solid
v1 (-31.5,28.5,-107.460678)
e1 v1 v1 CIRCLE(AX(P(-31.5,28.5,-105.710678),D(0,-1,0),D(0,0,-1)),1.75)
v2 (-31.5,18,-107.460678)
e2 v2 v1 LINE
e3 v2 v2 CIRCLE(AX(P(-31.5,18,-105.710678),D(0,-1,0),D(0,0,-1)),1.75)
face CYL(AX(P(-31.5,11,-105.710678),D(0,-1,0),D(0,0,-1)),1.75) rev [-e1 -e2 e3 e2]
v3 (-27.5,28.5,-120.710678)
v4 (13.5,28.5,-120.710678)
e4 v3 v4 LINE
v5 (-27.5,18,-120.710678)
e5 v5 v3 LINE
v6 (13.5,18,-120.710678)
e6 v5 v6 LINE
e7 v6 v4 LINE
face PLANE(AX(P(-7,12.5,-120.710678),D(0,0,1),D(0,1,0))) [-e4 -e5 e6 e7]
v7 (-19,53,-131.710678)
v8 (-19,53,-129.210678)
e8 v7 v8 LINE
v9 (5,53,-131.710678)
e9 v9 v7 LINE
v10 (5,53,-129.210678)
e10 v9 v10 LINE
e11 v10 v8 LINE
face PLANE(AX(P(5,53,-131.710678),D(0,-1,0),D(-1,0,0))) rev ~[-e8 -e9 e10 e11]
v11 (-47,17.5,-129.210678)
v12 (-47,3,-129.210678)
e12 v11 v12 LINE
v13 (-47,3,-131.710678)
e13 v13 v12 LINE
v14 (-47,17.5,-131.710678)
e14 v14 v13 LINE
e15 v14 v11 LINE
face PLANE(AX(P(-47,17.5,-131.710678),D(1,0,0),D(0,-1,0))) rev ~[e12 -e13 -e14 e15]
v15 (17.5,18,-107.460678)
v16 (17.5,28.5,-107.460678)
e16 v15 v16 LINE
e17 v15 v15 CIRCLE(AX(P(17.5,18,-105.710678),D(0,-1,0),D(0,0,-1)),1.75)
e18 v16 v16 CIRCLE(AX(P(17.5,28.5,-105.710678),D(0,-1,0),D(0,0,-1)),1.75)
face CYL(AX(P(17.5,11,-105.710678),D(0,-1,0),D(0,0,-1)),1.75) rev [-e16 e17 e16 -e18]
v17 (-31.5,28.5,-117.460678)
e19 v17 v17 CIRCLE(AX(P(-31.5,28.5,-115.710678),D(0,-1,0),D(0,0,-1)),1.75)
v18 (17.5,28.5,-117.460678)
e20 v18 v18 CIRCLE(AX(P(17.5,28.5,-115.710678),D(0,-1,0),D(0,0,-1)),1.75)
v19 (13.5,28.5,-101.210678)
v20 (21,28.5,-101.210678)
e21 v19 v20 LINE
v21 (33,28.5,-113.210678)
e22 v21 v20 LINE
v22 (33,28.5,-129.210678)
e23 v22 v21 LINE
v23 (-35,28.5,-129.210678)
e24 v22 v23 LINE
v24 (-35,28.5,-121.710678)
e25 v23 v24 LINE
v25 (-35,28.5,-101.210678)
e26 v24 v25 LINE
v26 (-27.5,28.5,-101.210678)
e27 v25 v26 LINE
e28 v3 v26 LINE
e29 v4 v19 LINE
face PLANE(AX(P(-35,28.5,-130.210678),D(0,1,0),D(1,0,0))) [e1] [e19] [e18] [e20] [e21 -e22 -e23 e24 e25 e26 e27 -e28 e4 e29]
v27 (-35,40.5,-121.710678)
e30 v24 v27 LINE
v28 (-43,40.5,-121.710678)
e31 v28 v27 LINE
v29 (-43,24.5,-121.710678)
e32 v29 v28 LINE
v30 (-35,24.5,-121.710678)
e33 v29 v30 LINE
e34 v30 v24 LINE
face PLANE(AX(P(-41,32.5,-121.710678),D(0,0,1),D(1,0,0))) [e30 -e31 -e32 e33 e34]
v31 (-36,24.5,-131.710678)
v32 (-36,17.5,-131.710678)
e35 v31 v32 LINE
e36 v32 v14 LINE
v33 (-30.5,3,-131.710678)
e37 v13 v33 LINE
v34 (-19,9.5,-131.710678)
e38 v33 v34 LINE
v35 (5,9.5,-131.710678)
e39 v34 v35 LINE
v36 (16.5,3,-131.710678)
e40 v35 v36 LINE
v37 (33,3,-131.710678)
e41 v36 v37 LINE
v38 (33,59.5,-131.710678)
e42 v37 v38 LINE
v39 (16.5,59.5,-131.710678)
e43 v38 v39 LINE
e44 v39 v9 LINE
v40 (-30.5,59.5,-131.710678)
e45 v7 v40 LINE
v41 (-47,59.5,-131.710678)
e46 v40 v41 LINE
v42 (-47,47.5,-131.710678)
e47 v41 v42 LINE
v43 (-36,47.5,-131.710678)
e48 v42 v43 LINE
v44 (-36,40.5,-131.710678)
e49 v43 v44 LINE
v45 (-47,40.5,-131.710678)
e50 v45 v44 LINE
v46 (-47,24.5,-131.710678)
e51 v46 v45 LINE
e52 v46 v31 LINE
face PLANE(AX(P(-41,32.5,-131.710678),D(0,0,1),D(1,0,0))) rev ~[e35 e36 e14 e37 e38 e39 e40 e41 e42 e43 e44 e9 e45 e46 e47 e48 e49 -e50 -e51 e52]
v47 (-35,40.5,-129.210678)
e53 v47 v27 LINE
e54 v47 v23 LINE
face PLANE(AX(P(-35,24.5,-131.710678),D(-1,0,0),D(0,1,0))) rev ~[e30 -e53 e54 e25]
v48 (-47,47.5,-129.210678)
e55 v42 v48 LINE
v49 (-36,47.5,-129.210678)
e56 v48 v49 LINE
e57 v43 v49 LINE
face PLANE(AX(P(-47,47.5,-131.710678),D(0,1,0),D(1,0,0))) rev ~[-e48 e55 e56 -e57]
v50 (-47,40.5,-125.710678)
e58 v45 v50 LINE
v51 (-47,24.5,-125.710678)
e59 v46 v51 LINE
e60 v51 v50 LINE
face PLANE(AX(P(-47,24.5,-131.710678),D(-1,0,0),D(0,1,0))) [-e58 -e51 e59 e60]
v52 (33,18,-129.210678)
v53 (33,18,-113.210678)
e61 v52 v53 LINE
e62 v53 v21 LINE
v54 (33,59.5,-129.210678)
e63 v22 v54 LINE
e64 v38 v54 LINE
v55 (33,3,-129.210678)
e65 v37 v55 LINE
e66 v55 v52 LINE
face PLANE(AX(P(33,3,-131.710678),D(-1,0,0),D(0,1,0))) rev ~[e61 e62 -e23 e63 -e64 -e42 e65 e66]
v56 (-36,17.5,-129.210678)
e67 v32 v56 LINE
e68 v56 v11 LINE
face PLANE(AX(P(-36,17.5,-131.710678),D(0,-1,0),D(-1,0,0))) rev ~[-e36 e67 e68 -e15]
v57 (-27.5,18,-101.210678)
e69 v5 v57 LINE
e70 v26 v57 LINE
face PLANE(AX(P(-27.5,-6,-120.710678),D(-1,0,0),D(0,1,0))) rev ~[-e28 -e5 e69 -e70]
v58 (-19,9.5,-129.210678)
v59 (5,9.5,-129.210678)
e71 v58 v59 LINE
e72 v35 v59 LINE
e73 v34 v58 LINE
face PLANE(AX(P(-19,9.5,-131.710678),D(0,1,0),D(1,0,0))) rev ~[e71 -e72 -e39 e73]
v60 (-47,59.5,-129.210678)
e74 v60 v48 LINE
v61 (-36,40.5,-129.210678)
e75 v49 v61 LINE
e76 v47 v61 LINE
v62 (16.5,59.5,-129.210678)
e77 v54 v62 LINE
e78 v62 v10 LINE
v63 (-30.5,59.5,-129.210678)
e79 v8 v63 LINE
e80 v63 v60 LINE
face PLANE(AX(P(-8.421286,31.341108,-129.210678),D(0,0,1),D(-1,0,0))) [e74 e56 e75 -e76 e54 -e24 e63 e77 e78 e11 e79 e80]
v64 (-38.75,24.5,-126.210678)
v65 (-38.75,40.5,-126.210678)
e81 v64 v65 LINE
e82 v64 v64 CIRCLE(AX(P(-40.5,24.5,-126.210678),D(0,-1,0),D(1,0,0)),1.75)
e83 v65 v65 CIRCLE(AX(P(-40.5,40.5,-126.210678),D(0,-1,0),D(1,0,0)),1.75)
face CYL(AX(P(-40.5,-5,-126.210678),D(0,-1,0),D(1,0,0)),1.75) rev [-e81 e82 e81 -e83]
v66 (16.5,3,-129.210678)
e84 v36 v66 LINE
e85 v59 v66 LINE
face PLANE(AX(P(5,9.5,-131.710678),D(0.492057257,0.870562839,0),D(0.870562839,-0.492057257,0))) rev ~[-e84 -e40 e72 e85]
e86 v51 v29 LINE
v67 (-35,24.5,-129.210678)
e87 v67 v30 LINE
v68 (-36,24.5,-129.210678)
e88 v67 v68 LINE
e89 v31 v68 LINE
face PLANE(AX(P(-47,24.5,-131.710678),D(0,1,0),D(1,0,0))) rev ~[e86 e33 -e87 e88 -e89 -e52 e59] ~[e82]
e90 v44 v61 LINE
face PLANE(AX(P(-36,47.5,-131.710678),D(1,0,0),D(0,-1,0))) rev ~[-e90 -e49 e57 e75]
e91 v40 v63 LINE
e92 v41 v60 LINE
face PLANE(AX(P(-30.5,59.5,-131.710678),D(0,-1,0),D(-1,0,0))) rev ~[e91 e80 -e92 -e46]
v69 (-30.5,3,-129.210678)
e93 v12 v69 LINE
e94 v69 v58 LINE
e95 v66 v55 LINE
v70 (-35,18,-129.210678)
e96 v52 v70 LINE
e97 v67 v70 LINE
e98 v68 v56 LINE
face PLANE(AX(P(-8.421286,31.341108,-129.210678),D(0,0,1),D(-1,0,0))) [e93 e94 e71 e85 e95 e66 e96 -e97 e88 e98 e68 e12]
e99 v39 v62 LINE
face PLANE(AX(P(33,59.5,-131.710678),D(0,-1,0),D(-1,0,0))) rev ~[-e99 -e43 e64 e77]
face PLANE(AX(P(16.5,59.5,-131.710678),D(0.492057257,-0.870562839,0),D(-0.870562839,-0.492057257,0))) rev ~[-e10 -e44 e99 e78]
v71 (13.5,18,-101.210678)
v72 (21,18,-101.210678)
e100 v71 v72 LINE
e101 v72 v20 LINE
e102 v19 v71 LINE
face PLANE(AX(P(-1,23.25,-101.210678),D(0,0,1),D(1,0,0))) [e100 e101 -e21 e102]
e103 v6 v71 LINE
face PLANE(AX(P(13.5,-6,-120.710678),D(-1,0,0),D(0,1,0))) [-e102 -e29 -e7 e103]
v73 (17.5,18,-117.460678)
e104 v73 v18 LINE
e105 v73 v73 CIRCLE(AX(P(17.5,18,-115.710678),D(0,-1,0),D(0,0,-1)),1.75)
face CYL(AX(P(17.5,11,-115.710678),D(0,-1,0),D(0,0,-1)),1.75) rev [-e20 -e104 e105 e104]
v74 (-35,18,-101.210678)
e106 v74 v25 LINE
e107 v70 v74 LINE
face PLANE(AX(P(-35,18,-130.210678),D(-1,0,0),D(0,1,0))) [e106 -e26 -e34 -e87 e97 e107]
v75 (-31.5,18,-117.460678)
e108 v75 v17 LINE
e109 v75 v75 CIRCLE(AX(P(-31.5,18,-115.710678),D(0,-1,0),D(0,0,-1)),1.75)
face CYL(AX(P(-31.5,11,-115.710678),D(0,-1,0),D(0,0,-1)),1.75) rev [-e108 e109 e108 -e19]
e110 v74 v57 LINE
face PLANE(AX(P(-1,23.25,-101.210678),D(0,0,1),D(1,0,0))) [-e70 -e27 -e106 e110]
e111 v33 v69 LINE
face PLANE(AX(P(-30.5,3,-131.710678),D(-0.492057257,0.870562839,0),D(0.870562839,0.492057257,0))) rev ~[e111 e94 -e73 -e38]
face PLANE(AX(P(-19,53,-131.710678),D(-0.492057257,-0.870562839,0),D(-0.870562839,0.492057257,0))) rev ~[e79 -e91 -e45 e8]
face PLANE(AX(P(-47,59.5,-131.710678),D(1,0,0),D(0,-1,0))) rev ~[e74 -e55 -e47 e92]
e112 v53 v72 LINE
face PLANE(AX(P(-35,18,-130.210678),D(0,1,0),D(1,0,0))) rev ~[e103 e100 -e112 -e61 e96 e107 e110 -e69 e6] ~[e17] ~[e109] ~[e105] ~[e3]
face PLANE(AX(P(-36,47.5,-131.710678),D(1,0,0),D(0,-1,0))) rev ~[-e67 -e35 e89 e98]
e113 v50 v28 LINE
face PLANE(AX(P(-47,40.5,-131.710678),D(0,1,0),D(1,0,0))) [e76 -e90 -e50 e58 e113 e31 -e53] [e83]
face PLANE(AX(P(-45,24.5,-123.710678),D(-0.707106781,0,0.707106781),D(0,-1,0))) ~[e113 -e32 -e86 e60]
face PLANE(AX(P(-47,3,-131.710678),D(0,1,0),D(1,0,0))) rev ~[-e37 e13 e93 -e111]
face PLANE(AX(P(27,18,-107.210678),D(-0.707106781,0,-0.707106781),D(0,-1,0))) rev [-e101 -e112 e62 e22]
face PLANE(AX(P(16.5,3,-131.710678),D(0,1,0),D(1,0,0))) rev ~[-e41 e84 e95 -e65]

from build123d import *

# Parameters (mm, degrees)
CYLINDER016_R             = 1.75
CYLINDER016_DEPTH         = 70
CYLINDER016_ROLL_ANGLE    = -90
CYLINDER026_R             = 1.75
CYLINDER026_DEPTH         = 24.5
CYLINDER026_PITCH_ANGLE   = 90
CYLINDER027_R             = 3
CYLINDER027_DEPTH         = 21.5
CYLINDER027_PITCH_ANGLE   = 90
FUSION007_PITCH_ANGLE     = -90
FUSION007_PLACEMENT_ANGLE = -180
FUSION008_PITCH_ANGLE     = -90
FUSION008_PLACEMENT_ANGLE = -180
FUSION005_PITCH_ANGLE     = -90
FUSION005_PLACEMENT_ANGLE = -180
FUSION006_PITCH_ANGLE     = -90
FUSION006_PLACEMENT_ANGLE = -180
BOX021_W                  = 37
BOX021_H                  = 41
BOX021_DEPTH              = 25
BOX021_PITCH_ANGLE        = -90
BOX021_PLACEMENT_ANGLE    = -180
FUSION012_PITCH_ANGLE     = -90
FUSION012_PLACEMENT_ANGLE = -90
BOX007_W                  = 68
BOX007_H                  = 10.5
BOX007_DEPTH              = 29
CHAMFER_SIZE              = 12
BOX057_W                  = 12
BOX057_H                  = 16
BOX057_DEPTH              = 10
PAD005_DEPTH              = 2.5
CHAMFER009_SIZE           = 4


with BuildPart() as cylinder016:
    # Cylinder016 → Cylinder016 (new body)
    with BuildSketch(Plane.XY):
        Circle(CYLINDER016_R)
    extrude(amount=CYLINDER016_DEPTH)


with BuildPart() as cylinder016_1:
    # Cylinder016 roll: moved
    add(cylinder016.part.rotate(Axis((0, 0, 0), (1, 0, 0)), CYLINDER016_ROLL_ANGLE))


with BuildPart() as cylinder016_2:
    # Cylinder016 placement: moved
    add(cylinder016_1.part.moved(Location((-40.5, -5, -149.5))))


with BuildPart() as joint_d010:
    # Cylinder026 → Cylinder026 (new body)
    with BuildSketch(Plane.XY):
        Circle(CYLINDER026_R)
    extrude(amount=CYLINDER026_DEPTH)


with BuildPart() as joint_d010_1:
    # Cylinder026 pitch: moved
    add(joint_d010.part.rotate(Axis((0, 0, 0), (0, 1, 0)), CYLINDER026_PITCH_ANGLE))


with BuildPart() as joint_d010_2:
    # Cylinder026 placement: moved
    add(joint_d010_1.part.moved(Location((16, -24.5, 7))))


with BuildPart() as joint_d011:
    # Cylinder027 → Cylinder027 (new body)
    with BuildSketch(Plane.XY):
        Circle(CYLINDER027_R)
    extrude(amount=CYLINDER027_DEPTH)


with BuildPart() as joint_d011_1:
    # Cylinder027 pitch: moved
    add(joint_d011.part.rotate(Axis((0, 0, 0), (0, 1, 0)), CYLINDER027_PITCH_ANGLE))


with BuildPart() as joint_d011_2:
    # Cylinder027 placement: moved
    add(joint_d011_1.part.moved(Location((37, -24.5, 7))))


with BuildPart() as fusion007:
    # Fusion007 base: copy of Joint-D011
    add(joint_d011_2.part)

    # Fusion007: union Joint-D010
    add(joint_d010_2.part)


with BuildPart() as fusion007_1:
    # Fusion007 pitch: moved
    add(fusion007.part.rotate(Axis((0, 0, 0), (0, 1, 0)), FUSION007_PITCH_ANGLE))


with BuildPart() as fusion007_2:
    # Fusion007 placement: moved
    add(fusion007_1.part.moved(Location((-12, -39.5, 0))).rotate(Axis((-12, -39.5, 0), (0, 0, 1)), FUSION007_PLACEMENT_ANGLE))


with BuildPart() as fusion008:
    # Fusion008 base: copy of Joint-D011
    add(joint_d011_2.part)

    # Fusion008: union Joint-D010
    add(joint_d010_2.part)


with BuildPart() as fusion008_1:
    # Fusion008 pitch: moved
    add(fusion008.part.rotate(Axis((0, 0, 0), (0, 1, 0)), FUSION008_PITCH_ANGLE))


with BuildPart() as fusion008_2:
    # Fusion008 placement: moved
    add(fusion008_1.part.moved(Location((-2, -39.5, 0))).rotate(Axis((-2, -39.5, 0), (0, 0, 1)), FUSION008_PLACEMENT_ANGLE))


with BuildPart() as fusion005:
    # Fusion005 base: copy of Joint-D011
    add(joint_d011_2.part)

    # Fusion005: union Joint-D010
    add(joint_d010_2.part)


with BuildPart() as fusion005_1:
    # Fusion005 pitch: moved
    add(fusion005.part.rotate(Axis((0, 0, 0), (0, 1, 0)), FUSION005_PITCH_ANGLE))


with BuildPart() as fusion005_2:
    # Fusion005 placement: moved
    add(fusion005_1.part.moved(Location((-12, 9.5, 0))).rotate(Axis((-12, 9.5, 0), (0, 0, 1)), FUSION005_PLACEMENT_ANGLE))


with BuildPart() as fusion006:
    # Fusion006 base: copy of Joint-D011
    add(joint_d011_2.part)

    # Fusion006: union Joint-D010
    add(joint_d010_2.part)


with BuildPart() as fusion006_1:
    # Fusion006 pitch: moved
    add(fusion006.part.rotate(Axis((0, 0, 0), (0, 1, 0)), FUSION006_PITCH_ANGLE))


with BuildPart() as fusion006_2:
    # Fusion006 placement: moved
    add(fusion006_1.part.moved(Location((-2, 9.5, 0))).rotate(Axis((-2, 9.5, 0), (0, 0, 1)), FUSION006_PLACEMENT_ANGLE))


with BuildPart() as fusion012:
    # Box021 → Box021 (new body)
    with BuildSketch(Plane.XY):
        with Locations((18.5, 20.5)):
            Rectangle(BOX021_W, BOX021_H)
    extrude(amount=BOX021_DEPTH)


with BuildPart() as fusion012_1:
    # Box021 pitch: moved
    add(fusion012.part.rotate(Axis((0, 0, 0), (0, 1, 0)), BOX021_PITCH_ANGLE))


with BuildPart() as fusion012_2:
    # Box021 placement: moved
    add(fusion012_1.part.moved(Location((-10, 30, -1))).rotate(Axis((-10, 30, -1), (0, 0, 1)), BOX021_PLACEMENT_ANGLE))

    # Fusion012: union Fusion007, Fusion008, Fusion005, Fusion006
    add(fusion007_2.part)
    add(fusion008_2.part)
    add(fusion005_2.part)
    add(fusion006_2.part)


with BuildPart() as fusion012_3:
    # Fusion012 pitch: moved
    add(fusion012_2.part.rotate(Axis((0, 0, 0), (0, 1, 0)), FUSION012_PITCH_ANGLE))


with BuildPart() as fusion012_4:
    # Fusion012 placement: moved
    add(fusion012_3.part.moved(Location((-16.5, -5, -134))).rotate(Axis((-16.5, -5, -134), (0, 0, 1)), FUSION012_PLACEMENT_ANGLE))


with BuildPart() as chamfer_body:
    # Box007 → Box007 (new body)
    with BuildSketch(Plane(origin=(-35, 18, -153.5), x_dir=(1, 0, 0), z_dir=(0, 0, 1))):
        with Locations((34, 5.25)):
            Rectangle(BOX007_W, BOX007_H)
    extrude(amount=BOX007_DEPTH)

    # Chamfer
    chamfer_edges = [chamfer_body.edges().sort_by_distance(p)[0] for p in [
        (33, 23.25, -124.5),
    ]]
    chamfer(chamfer_edges, length=CHAMFER_SIZE)


with BuildPart() as cube060:
    # Box057 → Box057 (new body)
    with BuildSketch(Plane(origin=(-47, 24.5, -155), x_dir=(1, 0, 0), z_dir=(0, 0, 1))):
        with Locations((6, 8)):
            Rectangle(BOX057_W, BOX057_H)
    extrude(amount=BOX057_DEPTH)


with BuildPart() as clone_of_chamfer009:
    # Sketch007 → Pad005 (new body)
    with BuildSketch(Plane(origin=(0, 0, -155), x_dir=(1, 0, 0), z_dir=(0, 0, -1))):
        Polygon((-47, -17.5), (-47, -3), (-30.5, -3), (-19, -9.5), (5, -9.5), (16.5, -3), (33, -3), (33, -59.5), (16.5, -59.5), (5, -53), (-19, -53), (-30.5, -59.5), (-47, -59.5), (-47, -47.5), (-36, -47.5), (-36, -17.5), align=None)
    extrude(amount=-PAD005_DEPTH)

    # Fusion: union Chamfer body, Cube060
    add(chamfer_body.part)
    add(cube060.part)

    # Cut083: cut Fusion012
    add(fusion012_4.part, mode=Mode.SUBTRACT)

    # Cut084: cut Cylinder016
    add(cylinder016_2.part, mode=Mode.SUBTRACT)

    # Chamfer009
    chamfer009_edges = [clone_of_chamfer009.edges().sort_by_distance(p)[0] for p in [
        (-47, 32.5, -145),
    ]]
    chamfer(chamfer009_edges, length=CHAMFER009_SIZE)


with BuildPart() as clone_of_chamfer009_1:
    # Chamfer009 placement: moved
    add(clone_of_chamfer009.part.moved(Location((0, 0, 94))))


with BuildPart() as clone_of_chamfer009_2:
    # Clone015 placement: moved
    add(clone_of_chamfer009_1.part.moved(Location((0, 0, -70.710678))))


solid = clone_of_chamfer009_2.part
